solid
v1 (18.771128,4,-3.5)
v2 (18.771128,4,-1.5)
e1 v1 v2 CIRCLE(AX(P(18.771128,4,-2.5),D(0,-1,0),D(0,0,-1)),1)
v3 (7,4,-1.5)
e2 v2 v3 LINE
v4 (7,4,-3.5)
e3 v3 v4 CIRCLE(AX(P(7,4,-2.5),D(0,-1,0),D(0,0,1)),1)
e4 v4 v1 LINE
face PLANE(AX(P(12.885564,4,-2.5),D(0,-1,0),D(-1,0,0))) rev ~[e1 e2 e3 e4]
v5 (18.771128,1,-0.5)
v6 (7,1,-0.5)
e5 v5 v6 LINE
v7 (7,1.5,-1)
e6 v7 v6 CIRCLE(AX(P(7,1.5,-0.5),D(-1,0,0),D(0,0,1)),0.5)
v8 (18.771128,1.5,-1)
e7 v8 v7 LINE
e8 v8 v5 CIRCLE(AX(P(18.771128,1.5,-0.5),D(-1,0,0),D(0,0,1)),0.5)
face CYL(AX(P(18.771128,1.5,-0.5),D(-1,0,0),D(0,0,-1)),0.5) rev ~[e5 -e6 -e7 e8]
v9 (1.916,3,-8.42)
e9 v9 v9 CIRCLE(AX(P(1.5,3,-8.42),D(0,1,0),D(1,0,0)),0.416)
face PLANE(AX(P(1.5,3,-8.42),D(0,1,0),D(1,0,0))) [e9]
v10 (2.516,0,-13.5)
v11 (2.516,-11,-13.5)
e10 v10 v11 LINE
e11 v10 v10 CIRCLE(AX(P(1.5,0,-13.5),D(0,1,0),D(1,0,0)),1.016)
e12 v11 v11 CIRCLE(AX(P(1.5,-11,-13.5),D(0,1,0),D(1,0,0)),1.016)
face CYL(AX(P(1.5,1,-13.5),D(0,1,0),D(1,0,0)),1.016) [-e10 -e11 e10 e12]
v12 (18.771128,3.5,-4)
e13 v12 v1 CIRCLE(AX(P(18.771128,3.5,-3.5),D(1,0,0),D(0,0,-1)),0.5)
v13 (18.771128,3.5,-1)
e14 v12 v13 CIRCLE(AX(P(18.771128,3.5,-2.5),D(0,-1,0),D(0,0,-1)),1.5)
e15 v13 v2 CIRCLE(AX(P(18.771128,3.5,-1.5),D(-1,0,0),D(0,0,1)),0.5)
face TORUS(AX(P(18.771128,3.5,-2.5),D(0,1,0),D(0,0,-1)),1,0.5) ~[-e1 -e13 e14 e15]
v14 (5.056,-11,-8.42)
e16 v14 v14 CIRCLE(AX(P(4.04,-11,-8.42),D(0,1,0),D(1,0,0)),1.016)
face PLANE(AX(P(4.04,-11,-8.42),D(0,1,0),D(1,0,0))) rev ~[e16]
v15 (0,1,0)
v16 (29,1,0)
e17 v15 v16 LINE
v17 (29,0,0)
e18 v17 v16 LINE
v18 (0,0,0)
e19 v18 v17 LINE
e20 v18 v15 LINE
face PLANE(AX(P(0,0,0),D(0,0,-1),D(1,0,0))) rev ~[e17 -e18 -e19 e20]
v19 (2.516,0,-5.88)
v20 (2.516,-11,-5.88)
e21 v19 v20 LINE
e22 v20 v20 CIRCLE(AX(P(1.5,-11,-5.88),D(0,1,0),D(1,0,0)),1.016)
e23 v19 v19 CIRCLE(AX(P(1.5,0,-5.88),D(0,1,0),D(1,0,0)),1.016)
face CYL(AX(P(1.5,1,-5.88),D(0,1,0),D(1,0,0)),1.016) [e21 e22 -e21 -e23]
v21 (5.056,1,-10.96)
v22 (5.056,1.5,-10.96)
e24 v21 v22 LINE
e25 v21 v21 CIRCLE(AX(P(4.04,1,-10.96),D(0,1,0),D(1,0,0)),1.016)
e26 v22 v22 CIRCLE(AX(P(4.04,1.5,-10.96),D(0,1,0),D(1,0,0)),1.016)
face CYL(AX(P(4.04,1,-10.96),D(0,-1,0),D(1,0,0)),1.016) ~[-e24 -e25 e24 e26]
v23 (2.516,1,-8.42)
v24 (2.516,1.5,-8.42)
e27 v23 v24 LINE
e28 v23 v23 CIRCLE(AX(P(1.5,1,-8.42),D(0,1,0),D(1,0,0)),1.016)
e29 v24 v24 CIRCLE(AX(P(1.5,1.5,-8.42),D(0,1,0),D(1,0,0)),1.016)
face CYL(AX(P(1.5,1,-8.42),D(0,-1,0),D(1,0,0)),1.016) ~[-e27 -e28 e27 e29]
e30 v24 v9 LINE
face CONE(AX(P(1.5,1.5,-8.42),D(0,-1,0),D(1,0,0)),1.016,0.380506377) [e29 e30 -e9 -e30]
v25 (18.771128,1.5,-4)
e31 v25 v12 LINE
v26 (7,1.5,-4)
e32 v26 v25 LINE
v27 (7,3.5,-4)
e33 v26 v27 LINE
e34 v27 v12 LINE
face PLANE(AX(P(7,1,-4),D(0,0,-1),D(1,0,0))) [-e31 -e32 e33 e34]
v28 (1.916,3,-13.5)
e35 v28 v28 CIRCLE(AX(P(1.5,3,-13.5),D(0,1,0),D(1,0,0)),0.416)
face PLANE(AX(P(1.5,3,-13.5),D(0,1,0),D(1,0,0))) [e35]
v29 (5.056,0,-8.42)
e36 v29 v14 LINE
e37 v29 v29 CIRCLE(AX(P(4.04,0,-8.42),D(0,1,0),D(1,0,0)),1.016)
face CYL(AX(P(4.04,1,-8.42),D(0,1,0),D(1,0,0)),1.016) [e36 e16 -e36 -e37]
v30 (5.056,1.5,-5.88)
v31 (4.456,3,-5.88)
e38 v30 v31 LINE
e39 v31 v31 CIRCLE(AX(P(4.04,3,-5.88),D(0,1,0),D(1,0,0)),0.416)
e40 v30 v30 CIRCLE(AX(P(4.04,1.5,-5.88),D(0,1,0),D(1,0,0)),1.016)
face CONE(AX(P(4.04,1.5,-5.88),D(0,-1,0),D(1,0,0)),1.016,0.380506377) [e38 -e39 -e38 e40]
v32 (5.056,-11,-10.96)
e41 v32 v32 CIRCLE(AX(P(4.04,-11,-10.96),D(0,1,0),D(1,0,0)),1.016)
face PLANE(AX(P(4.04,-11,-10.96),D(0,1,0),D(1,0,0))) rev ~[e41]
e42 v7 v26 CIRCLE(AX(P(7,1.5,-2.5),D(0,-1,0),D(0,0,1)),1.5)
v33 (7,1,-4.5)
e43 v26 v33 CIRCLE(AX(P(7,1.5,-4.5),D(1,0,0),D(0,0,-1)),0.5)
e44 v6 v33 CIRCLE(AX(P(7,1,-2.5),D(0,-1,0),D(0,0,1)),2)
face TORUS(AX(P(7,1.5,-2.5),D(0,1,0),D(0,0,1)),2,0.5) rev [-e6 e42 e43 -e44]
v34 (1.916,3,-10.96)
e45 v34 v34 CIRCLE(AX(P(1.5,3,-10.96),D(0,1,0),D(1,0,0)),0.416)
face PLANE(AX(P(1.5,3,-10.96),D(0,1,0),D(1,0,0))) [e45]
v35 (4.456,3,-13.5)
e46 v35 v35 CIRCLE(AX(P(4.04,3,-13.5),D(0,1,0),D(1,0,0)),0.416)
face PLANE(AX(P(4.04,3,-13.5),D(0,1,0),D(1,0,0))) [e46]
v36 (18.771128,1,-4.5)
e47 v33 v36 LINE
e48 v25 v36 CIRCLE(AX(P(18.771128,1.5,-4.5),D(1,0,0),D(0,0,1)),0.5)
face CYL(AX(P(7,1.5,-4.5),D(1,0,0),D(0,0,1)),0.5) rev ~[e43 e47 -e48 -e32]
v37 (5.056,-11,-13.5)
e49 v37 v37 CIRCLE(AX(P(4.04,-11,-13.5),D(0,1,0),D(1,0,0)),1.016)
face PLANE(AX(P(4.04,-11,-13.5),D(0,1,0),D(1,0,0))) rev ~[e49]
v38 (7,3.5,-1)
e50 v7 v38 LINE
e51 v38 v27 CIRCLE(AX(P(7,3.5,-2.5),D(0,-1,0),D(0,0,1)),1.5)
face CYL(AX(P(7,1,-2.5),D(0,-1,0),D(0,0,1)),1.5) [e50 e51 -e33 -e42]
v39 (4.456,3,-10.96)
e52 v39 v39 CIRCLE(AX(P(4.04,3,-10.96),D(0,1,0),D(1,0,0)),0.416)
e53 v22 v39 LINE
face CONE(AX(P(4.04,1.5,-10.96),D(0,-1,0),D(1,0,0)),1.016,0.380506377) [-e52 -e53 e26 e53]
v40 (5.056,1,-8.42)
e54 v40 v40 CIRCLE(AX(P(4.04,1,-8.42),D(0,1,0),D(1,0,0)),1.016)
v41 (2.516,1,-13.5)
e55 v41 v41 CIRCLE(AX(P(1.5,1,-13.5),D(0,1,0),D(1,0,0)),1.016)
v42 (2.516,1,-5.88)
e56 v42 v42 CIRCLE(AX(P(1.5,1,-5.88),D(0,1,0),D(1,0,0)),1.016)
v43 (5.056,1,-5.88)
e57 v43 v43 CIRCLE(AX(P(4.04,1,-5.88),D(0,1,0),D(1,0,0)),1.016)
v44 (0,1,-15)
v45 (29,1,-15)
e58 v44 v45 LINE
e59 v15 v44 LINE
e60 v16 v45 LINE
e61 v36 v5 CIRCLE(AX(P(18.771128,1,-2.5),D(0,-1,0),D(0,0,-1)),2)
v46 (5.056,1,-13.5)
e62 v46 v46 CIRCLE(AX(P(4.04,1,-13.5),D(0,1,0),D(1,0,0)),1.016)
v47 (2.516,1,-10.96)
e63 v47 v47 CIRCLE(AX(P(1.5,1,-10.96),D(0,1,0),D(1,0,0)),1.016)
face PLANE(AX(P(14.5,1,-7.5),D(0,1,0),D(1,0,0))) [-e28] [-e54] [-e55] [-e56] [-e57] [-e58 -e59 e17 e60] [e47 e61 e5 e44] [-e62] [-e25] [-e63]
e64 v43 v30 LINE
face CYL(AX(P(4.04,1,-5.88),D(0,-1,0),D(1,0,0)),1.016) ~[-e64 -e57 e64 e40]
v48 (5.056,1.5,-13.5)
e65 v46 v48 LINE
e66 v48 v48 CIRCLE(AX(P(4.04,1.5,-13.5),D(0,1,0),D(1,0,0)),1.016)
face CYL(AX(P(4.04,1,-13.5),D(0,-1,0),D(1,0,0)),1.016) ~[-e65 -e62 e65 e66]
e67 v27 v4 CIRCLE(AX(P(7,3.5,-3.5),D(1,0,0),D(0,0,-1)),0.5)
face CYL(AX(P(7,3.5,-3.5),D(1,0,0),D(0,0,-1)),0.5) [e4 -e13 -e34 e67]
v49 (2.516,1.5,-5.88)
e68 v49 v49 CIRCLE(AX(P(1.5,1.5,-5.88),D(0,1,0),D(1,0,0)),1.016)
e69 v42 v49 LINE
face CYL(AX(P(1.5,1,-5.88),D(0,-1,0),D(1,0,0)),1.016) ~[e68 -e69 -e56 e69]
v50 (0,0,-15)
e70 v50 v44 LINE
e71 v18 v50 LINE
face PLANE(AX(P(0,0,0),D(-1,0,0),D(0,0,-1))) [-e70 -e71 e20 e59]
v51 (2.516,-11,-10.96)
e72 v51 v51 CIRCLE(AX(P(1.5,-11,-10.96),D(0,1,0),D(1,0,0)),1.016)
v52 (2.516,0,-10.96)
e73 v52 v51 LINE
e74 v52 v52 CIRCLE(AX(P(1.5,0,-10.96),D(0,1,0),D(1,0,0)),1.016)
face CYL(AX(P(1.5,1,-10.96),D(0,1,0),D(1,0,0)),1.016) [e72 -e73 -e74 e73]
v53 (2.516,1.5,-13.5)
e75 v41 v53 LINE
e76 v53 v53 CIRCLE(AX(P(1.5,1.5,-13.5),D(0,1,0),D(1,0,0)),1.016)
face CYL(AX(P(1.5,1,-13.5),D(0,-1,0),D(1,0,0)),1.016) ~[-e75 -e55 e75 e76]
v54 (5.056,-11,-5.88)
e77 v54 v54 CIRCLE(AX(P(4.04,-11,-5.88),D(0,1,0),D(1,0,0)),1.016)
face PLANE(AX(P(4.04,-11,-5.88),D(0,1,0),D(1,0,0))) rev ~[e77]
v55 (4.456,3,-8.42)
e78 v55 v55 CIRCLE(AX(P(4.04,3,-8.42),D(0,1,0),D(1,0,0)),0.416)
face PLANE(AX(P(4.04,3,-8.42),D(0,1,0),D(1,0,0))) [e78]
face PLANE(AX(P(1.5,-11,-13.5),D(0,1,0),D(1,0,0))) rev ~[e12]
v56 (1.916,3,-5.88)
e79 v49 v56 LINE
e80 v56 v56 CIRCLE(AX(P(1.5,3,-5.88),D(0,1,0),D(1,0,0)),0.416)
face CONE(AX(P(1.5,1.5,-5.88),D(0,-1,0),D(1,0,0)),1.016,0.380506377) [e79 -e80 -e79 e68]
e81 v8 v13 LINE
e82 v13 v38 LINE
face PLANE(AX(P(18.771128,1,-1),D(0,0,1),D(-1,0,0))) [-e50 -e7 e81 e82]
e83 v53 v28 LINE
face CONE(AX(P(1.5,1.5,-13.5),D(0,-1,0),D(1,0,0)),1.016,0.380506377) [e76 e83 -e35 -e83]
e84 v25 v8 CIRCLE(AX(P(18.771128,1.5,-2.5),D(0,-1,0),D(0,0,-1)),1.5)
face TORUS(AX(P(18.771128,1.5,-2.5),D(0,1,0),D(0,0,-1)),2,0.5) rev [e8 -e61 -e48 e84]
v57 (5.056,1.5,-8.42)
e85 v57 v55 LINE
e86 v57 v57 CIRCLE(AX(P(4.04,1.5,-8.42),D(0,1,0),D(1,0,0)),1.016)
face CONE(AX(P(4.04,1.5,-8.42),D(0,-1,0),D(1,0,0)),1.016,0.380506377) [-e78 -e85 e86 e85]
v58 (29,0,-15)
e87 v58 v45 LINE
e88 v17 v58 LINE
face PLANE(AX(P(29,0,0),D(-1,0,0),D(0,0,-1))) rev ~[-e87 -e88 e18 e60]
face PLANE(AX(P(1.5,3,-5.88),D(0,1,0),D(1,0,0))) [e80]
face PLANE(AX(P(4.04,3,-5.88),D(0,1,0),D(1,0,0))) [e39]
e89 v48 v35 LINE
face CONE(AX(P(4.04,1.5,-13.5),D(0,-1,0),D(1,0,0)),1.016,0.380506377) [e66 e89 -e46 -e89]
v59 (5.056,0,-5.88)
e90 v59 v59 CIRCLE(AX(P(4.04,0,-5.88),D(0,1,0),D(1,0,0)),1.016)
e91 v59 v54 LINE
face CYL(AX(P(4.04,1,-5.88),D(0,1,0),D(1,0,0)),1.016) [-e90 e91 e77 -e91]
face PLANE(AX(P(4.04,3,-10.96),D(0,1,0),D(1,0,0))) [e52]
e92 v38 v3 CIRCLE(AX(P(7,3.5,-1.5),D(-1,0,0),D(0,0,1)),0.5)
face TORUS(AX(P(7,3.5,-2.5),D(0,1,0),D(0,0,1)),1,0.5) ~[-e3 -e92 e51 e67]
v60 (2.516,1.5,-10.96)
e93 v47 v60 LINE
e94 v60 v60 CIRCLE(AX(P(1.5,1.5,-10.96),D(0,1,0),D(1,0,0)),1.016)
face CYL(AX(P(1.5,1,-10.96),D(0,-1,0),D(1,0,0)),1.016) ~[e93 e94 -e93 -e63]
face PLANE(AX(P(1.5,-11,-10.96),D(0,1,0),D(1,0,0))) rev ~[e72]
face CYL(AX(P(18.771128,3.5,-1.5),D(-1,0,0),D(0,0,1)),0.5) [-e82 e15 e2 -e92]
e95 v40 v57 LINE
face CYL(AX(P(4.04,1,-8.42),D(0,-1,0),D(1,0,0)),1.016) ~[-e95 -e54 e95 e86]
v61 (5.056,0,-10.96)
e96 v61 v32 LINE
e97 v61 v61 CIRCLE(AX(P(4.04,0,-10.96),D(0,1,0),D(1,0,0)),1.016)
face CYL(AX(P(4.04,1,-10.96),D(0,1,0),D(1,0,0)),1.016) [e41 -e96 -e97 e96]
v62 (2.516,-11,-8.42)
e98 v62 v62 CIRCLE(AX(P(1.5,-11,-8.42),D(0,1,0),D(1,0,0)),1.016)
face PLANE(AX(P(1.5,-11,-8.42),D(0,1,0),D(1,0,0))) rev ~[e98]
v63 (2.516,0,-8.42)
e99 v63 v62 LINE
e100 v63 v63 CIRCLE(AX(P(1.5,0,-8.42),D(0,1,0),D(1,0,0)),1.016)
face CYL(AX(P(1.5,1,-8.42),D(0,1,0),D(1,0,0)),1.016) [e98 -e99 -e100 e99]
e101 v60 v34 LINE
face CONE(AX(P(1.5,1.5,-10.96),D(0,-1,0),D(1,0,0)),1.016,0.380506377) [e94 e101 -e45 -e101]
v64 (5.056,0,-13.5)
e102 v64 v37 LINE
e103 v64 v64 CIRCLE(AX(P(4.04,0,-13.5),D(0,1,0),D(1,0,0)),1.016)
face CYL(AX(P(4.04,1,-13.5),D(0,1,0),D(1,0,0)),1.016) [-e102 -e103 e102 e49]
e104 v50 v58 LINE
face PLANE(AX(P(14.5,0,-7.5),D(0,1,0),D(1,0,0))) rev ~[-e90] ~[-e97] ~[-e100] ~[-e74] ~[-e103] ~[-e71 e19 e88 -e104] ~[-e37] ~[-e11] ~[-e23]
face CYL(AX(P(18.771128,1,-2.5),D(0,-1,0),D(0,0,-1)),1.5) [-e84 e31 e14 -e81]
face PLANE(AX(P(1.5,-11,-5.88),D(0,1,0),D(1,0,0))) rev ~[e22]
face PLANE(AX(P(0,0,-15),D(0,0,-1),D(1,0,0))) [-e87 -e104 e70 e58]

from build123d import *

# Parameters (mm, degrees)
ESQUISSE1_W             = 29
ESQUISSE1_H             = 15
BOSS_EXTRU_1_DEPTH      = 1
ESQUISSE2_R             = 1.016
BOSS_EXTRU_2_DEPTH      = 2
BOSS_EXTRU_2_DEPTH_BACK = 12
CHANFREIN1_SIZE         = 1.5
CHANFREIN1_SIZE2        = 0.6
CHANFREIN1_PART_2_SIZE  = 1.5
CHANFREIN1_PART_2_SIZE2 = 0.6
CHANFREIN1_PART_3_SIZE  = 1.5
CHANFREIN1_PART_3_SIZE2 = 0.6
CHANFREIN1_PART_4_SIZE  = 1.5
CHANFREIN1_PART_4_SIZE2 = 0.6
CHANFREIN1_PART_5_SIZE  = 1.5
CHANFREIN1_PART_5_SIZE2 = 0.6
CHANFREIN1_PART_6_SIZE  = 1.5
CHANFREIN1_PART_6_SIZE2 = 0.6
CHANFREIN1_PART_7_SIZE  = 1.5
CHANFREIN1_PART_7_SIZE2 = 0.6
CHANFREIN1_PART_8_SIZE  = 1.5
CHANFREIN1_PART_8_SIZE2 = 0.6
BOSS_EXTRU_3_DEPTH      = 3
CONG_2_R                = 0.5
CONG_3_R                = 0.5


with BuildPart() as part:
    # Esquisse1 → Boss.-Extru.1 (new body)
    with BuildSketch(Plane(origin=(0, 0, 0), x_dir=(1, 0, 0), z_dir=(0, 1, 0))):
        with Locations((14.5, 7.5)):
            Rectangle(ESQUISSE1_W, ESQUISSE1_H)
    extrude(amount=BOSS_EXTRU_1_DEPTH)

    # Esquisse2 → Boss.-Extru.2 (add, two sides)
    with BuildSketch(Plane(origin=(0, 1, 0), x_dir=(1, 0, 0), z_dir=(0, 1, 0))) as boss_extru_2_sk:
        with Locations((1.5, 13.5)):
            Circle(ESQUISSE2_R)
        with Locations((1.5, 10.96)):
            Circle(ESQUISSE2_R)
        with Locations((1.5, 8.42)):
            Circle(ESQUISSE2_R)
        with Locations((1.5, 5.88)):
            Circle(ESQUISSE2_R)
        with Locations((4.04, 10.96)):
            Circle(ESQUISSE2_R)
        with Locations((4.04, 8.42)):
            Circle(ESQUISSE2_R)
        with Locations((4.04, 5.88)):
            Circle(ESQUISSE2_R)
        with Locations((4.04, 13.5)):
            Circle(ESQUISSE2_R)
    extrude(amount=BOSS_EXTRU_2_DEPTH)
    extrude(boss_extru_2_sk.sketch, amount=-BOSS_EXTRU_2_DEPTH_BACK)

    # Chanfrein1
    chanfrein1_edges = [part.edges().sort_by_distance(p)[0] for p in [
        (0.484, 3, -13.5),
    ]]
    chanfrein1_side = [part.faces().sort_by_distance(p)[0] for p in [
        (0.484, 2, -13.5),
    ]]
    chamfer(chanfrein1_edges, length=CHANFREIN1_SIZE, length2=CHANFREIN1_SIZE2, reference=chanfrein1_side[0])

    # Chanfrein1 part 2
    chanfrein1_part_2_edges = [part.edges().sort_by_distance(p)[0] for p in [
        (0.484, 3, -10.96),
    ]]
    chanfrein1_part_2_side = [part.faces().sort_by_distance(p)[0] for p in [
        (0.484, 2, -10.96),
    ]]
    chamfer(chanfrein1_part_2_edges, length=CHANFREIN1_PART_2_SIZE, length2=CHANFREIN1_PART_2_SIZE2, reference=chanfrein1_part_2_side[0])

    # Chanfrein1 part 3
    chanfrein1_part_3_edges = [part.edges().sort_by_distance(p)[0] for p in [
        (0.484, 3, -8.42),
    ]]
    chanfrein1_part_3_side = [part.faces().sort_by_distance(p)[0] for p in [
        (0.484, 2, -8.42),
    ]]
    chamfer(chanfrein1_part_3_edges, length=CHANFREIN1_PART_3_SIZE, length2=CHANFREIN1_PART_3_SIZE2, reference=chanfrein1_part_3_side[0])

    # Chanfrein1 part 4
    chanfrein1_part_4_edges = [part.edges().sort_by_distance(p)[0] for p in [
        (0.484, 3, -5.88),
    ]]
    chanfrein1_part_4_side = [part.faces().sort_by_distance(p)[0] for p in [
        (0.484, 2, -5.88),
    ]]
    chamfer(chanfrein1_part_4_edges, length=CHANFREIN1_PART_4_SIZE, length2=CHANFREIN1_PART_4_SIZE2, reference=chanfrein1_part_4_side[0])

    # Chanfrein1 part 5
    chanfrein1_part_5_edges = [part.edges().sort_by_distance(p)[0] for p in [
        (3.024, 3, -10.96),
    ]]
    chanfrein1_part_5_side = [part.faces().sort_by_distance(p)[0] for p in [
        (3.024, 2, -10.96),
    ]]
    chamfer(chanfrein1_part_5_edges, length=CHANFREIN1_PART_5_SIZE, length2=CHANFREIN1_PART_5_SIZE2, reference=chanfrein1_part_5_side[0])

    # Chanfrein1 part 6
    chanfrein1_part_6_edges = [part.edges().sort_by_distance(p)[0] for p in [
        (3.024, 3, -8.42),
    ]]
    chanfrein1_part_6_side = [part.faces().sort_by_distance(p)[0] for p in [
        (3.024, 2, -8.42),
    ]]
    chamfer(chanfrein1_part_6_edges, length=CHANFREIN1_PART_6_SIZE, length2=CHANFREIN1_PART_6_SIZE2, reference=chanfrein1_part_6_side[0])

    # Chanfrein1 part 7
    chanfrein1_part_7_edges = [part.edges().sort_by_distance(p)[0] for p in [
        (3.024, 3, -5.88),
    ]]
    chanfrein1_part_7_side = [part.faces().sort_by_distance(p)[0] for p in [
        (3.024, 2, -5.88),
    ]]
    chamfer(chanfrein1_part_7_edges, length=CHANFREIN1_PART_7_SIZE, length2=CHANFREIN1_PART_7_SIZE2, reference=chanfrein1_part_7_side[0])

    # Chanfrein1 part 8
    chanfrein1_part_8_edges = [part.edges().sort_by_distance(p)[0] for p in [
        (3.024, 3, -13.5),
    ]]
    chanfrein1_part_8_side = [part.faces().sort_by_distance(p)[0] for p in [
        (3.024, 2, -13.5),
    ]]
    chamfer(chanfrein1_part_8_edges, length=CHANFREIN1_PART_8_SIZE, length2=CHANFREIN1_PART_8_SIZE2, reference=chanfrein1_part_8_side[0])

    # Esquisse3 → Boss.-Extru.3 (add)
    with BuildSketch(Plane(origin=(0, 1, 0), x_dir=(1, 0, 0), z_dir=(0, 1, 0))):
        with BuildLine():
            Line((7, 4), (18.771127801, 4))
            ThreePointArc((18.771127801, 4), (20.271127801, 2.5), (18.771127801, 1))
            Line((18.771127801, 1), (7, 1))
            ThreePointArc((7, 1), (5.5, 2.5), (7, 4))
        make_face()
    extrude(amount=BOSS_EXTRU_3_DEPTH)

    # Congé2
    cong_2_edges = [part.edges().sort_by_distance(p)[0] for p in [
        (5.5, 4, -2.5),
        (12.885563901, 4, -1),
        (20.271127801, 4, -2.5),
        (12.885563901, 4, -4),
    ]]
    fillet(cong_2_edges, radius=CONG_2_R)

    # Congé3
    cong_3_edges = [part.edges().sort_by_distance(p)[0] for p in [
        (5.5, 1, -2.5),
        (12.885563901, 1, -1),
        (20.271127801, 1, -2.5),
        (12.885563901, 1, -4),
    ]]
    fillet(cong_3_edges, radius=CONG_3_R)


solid = part.part
